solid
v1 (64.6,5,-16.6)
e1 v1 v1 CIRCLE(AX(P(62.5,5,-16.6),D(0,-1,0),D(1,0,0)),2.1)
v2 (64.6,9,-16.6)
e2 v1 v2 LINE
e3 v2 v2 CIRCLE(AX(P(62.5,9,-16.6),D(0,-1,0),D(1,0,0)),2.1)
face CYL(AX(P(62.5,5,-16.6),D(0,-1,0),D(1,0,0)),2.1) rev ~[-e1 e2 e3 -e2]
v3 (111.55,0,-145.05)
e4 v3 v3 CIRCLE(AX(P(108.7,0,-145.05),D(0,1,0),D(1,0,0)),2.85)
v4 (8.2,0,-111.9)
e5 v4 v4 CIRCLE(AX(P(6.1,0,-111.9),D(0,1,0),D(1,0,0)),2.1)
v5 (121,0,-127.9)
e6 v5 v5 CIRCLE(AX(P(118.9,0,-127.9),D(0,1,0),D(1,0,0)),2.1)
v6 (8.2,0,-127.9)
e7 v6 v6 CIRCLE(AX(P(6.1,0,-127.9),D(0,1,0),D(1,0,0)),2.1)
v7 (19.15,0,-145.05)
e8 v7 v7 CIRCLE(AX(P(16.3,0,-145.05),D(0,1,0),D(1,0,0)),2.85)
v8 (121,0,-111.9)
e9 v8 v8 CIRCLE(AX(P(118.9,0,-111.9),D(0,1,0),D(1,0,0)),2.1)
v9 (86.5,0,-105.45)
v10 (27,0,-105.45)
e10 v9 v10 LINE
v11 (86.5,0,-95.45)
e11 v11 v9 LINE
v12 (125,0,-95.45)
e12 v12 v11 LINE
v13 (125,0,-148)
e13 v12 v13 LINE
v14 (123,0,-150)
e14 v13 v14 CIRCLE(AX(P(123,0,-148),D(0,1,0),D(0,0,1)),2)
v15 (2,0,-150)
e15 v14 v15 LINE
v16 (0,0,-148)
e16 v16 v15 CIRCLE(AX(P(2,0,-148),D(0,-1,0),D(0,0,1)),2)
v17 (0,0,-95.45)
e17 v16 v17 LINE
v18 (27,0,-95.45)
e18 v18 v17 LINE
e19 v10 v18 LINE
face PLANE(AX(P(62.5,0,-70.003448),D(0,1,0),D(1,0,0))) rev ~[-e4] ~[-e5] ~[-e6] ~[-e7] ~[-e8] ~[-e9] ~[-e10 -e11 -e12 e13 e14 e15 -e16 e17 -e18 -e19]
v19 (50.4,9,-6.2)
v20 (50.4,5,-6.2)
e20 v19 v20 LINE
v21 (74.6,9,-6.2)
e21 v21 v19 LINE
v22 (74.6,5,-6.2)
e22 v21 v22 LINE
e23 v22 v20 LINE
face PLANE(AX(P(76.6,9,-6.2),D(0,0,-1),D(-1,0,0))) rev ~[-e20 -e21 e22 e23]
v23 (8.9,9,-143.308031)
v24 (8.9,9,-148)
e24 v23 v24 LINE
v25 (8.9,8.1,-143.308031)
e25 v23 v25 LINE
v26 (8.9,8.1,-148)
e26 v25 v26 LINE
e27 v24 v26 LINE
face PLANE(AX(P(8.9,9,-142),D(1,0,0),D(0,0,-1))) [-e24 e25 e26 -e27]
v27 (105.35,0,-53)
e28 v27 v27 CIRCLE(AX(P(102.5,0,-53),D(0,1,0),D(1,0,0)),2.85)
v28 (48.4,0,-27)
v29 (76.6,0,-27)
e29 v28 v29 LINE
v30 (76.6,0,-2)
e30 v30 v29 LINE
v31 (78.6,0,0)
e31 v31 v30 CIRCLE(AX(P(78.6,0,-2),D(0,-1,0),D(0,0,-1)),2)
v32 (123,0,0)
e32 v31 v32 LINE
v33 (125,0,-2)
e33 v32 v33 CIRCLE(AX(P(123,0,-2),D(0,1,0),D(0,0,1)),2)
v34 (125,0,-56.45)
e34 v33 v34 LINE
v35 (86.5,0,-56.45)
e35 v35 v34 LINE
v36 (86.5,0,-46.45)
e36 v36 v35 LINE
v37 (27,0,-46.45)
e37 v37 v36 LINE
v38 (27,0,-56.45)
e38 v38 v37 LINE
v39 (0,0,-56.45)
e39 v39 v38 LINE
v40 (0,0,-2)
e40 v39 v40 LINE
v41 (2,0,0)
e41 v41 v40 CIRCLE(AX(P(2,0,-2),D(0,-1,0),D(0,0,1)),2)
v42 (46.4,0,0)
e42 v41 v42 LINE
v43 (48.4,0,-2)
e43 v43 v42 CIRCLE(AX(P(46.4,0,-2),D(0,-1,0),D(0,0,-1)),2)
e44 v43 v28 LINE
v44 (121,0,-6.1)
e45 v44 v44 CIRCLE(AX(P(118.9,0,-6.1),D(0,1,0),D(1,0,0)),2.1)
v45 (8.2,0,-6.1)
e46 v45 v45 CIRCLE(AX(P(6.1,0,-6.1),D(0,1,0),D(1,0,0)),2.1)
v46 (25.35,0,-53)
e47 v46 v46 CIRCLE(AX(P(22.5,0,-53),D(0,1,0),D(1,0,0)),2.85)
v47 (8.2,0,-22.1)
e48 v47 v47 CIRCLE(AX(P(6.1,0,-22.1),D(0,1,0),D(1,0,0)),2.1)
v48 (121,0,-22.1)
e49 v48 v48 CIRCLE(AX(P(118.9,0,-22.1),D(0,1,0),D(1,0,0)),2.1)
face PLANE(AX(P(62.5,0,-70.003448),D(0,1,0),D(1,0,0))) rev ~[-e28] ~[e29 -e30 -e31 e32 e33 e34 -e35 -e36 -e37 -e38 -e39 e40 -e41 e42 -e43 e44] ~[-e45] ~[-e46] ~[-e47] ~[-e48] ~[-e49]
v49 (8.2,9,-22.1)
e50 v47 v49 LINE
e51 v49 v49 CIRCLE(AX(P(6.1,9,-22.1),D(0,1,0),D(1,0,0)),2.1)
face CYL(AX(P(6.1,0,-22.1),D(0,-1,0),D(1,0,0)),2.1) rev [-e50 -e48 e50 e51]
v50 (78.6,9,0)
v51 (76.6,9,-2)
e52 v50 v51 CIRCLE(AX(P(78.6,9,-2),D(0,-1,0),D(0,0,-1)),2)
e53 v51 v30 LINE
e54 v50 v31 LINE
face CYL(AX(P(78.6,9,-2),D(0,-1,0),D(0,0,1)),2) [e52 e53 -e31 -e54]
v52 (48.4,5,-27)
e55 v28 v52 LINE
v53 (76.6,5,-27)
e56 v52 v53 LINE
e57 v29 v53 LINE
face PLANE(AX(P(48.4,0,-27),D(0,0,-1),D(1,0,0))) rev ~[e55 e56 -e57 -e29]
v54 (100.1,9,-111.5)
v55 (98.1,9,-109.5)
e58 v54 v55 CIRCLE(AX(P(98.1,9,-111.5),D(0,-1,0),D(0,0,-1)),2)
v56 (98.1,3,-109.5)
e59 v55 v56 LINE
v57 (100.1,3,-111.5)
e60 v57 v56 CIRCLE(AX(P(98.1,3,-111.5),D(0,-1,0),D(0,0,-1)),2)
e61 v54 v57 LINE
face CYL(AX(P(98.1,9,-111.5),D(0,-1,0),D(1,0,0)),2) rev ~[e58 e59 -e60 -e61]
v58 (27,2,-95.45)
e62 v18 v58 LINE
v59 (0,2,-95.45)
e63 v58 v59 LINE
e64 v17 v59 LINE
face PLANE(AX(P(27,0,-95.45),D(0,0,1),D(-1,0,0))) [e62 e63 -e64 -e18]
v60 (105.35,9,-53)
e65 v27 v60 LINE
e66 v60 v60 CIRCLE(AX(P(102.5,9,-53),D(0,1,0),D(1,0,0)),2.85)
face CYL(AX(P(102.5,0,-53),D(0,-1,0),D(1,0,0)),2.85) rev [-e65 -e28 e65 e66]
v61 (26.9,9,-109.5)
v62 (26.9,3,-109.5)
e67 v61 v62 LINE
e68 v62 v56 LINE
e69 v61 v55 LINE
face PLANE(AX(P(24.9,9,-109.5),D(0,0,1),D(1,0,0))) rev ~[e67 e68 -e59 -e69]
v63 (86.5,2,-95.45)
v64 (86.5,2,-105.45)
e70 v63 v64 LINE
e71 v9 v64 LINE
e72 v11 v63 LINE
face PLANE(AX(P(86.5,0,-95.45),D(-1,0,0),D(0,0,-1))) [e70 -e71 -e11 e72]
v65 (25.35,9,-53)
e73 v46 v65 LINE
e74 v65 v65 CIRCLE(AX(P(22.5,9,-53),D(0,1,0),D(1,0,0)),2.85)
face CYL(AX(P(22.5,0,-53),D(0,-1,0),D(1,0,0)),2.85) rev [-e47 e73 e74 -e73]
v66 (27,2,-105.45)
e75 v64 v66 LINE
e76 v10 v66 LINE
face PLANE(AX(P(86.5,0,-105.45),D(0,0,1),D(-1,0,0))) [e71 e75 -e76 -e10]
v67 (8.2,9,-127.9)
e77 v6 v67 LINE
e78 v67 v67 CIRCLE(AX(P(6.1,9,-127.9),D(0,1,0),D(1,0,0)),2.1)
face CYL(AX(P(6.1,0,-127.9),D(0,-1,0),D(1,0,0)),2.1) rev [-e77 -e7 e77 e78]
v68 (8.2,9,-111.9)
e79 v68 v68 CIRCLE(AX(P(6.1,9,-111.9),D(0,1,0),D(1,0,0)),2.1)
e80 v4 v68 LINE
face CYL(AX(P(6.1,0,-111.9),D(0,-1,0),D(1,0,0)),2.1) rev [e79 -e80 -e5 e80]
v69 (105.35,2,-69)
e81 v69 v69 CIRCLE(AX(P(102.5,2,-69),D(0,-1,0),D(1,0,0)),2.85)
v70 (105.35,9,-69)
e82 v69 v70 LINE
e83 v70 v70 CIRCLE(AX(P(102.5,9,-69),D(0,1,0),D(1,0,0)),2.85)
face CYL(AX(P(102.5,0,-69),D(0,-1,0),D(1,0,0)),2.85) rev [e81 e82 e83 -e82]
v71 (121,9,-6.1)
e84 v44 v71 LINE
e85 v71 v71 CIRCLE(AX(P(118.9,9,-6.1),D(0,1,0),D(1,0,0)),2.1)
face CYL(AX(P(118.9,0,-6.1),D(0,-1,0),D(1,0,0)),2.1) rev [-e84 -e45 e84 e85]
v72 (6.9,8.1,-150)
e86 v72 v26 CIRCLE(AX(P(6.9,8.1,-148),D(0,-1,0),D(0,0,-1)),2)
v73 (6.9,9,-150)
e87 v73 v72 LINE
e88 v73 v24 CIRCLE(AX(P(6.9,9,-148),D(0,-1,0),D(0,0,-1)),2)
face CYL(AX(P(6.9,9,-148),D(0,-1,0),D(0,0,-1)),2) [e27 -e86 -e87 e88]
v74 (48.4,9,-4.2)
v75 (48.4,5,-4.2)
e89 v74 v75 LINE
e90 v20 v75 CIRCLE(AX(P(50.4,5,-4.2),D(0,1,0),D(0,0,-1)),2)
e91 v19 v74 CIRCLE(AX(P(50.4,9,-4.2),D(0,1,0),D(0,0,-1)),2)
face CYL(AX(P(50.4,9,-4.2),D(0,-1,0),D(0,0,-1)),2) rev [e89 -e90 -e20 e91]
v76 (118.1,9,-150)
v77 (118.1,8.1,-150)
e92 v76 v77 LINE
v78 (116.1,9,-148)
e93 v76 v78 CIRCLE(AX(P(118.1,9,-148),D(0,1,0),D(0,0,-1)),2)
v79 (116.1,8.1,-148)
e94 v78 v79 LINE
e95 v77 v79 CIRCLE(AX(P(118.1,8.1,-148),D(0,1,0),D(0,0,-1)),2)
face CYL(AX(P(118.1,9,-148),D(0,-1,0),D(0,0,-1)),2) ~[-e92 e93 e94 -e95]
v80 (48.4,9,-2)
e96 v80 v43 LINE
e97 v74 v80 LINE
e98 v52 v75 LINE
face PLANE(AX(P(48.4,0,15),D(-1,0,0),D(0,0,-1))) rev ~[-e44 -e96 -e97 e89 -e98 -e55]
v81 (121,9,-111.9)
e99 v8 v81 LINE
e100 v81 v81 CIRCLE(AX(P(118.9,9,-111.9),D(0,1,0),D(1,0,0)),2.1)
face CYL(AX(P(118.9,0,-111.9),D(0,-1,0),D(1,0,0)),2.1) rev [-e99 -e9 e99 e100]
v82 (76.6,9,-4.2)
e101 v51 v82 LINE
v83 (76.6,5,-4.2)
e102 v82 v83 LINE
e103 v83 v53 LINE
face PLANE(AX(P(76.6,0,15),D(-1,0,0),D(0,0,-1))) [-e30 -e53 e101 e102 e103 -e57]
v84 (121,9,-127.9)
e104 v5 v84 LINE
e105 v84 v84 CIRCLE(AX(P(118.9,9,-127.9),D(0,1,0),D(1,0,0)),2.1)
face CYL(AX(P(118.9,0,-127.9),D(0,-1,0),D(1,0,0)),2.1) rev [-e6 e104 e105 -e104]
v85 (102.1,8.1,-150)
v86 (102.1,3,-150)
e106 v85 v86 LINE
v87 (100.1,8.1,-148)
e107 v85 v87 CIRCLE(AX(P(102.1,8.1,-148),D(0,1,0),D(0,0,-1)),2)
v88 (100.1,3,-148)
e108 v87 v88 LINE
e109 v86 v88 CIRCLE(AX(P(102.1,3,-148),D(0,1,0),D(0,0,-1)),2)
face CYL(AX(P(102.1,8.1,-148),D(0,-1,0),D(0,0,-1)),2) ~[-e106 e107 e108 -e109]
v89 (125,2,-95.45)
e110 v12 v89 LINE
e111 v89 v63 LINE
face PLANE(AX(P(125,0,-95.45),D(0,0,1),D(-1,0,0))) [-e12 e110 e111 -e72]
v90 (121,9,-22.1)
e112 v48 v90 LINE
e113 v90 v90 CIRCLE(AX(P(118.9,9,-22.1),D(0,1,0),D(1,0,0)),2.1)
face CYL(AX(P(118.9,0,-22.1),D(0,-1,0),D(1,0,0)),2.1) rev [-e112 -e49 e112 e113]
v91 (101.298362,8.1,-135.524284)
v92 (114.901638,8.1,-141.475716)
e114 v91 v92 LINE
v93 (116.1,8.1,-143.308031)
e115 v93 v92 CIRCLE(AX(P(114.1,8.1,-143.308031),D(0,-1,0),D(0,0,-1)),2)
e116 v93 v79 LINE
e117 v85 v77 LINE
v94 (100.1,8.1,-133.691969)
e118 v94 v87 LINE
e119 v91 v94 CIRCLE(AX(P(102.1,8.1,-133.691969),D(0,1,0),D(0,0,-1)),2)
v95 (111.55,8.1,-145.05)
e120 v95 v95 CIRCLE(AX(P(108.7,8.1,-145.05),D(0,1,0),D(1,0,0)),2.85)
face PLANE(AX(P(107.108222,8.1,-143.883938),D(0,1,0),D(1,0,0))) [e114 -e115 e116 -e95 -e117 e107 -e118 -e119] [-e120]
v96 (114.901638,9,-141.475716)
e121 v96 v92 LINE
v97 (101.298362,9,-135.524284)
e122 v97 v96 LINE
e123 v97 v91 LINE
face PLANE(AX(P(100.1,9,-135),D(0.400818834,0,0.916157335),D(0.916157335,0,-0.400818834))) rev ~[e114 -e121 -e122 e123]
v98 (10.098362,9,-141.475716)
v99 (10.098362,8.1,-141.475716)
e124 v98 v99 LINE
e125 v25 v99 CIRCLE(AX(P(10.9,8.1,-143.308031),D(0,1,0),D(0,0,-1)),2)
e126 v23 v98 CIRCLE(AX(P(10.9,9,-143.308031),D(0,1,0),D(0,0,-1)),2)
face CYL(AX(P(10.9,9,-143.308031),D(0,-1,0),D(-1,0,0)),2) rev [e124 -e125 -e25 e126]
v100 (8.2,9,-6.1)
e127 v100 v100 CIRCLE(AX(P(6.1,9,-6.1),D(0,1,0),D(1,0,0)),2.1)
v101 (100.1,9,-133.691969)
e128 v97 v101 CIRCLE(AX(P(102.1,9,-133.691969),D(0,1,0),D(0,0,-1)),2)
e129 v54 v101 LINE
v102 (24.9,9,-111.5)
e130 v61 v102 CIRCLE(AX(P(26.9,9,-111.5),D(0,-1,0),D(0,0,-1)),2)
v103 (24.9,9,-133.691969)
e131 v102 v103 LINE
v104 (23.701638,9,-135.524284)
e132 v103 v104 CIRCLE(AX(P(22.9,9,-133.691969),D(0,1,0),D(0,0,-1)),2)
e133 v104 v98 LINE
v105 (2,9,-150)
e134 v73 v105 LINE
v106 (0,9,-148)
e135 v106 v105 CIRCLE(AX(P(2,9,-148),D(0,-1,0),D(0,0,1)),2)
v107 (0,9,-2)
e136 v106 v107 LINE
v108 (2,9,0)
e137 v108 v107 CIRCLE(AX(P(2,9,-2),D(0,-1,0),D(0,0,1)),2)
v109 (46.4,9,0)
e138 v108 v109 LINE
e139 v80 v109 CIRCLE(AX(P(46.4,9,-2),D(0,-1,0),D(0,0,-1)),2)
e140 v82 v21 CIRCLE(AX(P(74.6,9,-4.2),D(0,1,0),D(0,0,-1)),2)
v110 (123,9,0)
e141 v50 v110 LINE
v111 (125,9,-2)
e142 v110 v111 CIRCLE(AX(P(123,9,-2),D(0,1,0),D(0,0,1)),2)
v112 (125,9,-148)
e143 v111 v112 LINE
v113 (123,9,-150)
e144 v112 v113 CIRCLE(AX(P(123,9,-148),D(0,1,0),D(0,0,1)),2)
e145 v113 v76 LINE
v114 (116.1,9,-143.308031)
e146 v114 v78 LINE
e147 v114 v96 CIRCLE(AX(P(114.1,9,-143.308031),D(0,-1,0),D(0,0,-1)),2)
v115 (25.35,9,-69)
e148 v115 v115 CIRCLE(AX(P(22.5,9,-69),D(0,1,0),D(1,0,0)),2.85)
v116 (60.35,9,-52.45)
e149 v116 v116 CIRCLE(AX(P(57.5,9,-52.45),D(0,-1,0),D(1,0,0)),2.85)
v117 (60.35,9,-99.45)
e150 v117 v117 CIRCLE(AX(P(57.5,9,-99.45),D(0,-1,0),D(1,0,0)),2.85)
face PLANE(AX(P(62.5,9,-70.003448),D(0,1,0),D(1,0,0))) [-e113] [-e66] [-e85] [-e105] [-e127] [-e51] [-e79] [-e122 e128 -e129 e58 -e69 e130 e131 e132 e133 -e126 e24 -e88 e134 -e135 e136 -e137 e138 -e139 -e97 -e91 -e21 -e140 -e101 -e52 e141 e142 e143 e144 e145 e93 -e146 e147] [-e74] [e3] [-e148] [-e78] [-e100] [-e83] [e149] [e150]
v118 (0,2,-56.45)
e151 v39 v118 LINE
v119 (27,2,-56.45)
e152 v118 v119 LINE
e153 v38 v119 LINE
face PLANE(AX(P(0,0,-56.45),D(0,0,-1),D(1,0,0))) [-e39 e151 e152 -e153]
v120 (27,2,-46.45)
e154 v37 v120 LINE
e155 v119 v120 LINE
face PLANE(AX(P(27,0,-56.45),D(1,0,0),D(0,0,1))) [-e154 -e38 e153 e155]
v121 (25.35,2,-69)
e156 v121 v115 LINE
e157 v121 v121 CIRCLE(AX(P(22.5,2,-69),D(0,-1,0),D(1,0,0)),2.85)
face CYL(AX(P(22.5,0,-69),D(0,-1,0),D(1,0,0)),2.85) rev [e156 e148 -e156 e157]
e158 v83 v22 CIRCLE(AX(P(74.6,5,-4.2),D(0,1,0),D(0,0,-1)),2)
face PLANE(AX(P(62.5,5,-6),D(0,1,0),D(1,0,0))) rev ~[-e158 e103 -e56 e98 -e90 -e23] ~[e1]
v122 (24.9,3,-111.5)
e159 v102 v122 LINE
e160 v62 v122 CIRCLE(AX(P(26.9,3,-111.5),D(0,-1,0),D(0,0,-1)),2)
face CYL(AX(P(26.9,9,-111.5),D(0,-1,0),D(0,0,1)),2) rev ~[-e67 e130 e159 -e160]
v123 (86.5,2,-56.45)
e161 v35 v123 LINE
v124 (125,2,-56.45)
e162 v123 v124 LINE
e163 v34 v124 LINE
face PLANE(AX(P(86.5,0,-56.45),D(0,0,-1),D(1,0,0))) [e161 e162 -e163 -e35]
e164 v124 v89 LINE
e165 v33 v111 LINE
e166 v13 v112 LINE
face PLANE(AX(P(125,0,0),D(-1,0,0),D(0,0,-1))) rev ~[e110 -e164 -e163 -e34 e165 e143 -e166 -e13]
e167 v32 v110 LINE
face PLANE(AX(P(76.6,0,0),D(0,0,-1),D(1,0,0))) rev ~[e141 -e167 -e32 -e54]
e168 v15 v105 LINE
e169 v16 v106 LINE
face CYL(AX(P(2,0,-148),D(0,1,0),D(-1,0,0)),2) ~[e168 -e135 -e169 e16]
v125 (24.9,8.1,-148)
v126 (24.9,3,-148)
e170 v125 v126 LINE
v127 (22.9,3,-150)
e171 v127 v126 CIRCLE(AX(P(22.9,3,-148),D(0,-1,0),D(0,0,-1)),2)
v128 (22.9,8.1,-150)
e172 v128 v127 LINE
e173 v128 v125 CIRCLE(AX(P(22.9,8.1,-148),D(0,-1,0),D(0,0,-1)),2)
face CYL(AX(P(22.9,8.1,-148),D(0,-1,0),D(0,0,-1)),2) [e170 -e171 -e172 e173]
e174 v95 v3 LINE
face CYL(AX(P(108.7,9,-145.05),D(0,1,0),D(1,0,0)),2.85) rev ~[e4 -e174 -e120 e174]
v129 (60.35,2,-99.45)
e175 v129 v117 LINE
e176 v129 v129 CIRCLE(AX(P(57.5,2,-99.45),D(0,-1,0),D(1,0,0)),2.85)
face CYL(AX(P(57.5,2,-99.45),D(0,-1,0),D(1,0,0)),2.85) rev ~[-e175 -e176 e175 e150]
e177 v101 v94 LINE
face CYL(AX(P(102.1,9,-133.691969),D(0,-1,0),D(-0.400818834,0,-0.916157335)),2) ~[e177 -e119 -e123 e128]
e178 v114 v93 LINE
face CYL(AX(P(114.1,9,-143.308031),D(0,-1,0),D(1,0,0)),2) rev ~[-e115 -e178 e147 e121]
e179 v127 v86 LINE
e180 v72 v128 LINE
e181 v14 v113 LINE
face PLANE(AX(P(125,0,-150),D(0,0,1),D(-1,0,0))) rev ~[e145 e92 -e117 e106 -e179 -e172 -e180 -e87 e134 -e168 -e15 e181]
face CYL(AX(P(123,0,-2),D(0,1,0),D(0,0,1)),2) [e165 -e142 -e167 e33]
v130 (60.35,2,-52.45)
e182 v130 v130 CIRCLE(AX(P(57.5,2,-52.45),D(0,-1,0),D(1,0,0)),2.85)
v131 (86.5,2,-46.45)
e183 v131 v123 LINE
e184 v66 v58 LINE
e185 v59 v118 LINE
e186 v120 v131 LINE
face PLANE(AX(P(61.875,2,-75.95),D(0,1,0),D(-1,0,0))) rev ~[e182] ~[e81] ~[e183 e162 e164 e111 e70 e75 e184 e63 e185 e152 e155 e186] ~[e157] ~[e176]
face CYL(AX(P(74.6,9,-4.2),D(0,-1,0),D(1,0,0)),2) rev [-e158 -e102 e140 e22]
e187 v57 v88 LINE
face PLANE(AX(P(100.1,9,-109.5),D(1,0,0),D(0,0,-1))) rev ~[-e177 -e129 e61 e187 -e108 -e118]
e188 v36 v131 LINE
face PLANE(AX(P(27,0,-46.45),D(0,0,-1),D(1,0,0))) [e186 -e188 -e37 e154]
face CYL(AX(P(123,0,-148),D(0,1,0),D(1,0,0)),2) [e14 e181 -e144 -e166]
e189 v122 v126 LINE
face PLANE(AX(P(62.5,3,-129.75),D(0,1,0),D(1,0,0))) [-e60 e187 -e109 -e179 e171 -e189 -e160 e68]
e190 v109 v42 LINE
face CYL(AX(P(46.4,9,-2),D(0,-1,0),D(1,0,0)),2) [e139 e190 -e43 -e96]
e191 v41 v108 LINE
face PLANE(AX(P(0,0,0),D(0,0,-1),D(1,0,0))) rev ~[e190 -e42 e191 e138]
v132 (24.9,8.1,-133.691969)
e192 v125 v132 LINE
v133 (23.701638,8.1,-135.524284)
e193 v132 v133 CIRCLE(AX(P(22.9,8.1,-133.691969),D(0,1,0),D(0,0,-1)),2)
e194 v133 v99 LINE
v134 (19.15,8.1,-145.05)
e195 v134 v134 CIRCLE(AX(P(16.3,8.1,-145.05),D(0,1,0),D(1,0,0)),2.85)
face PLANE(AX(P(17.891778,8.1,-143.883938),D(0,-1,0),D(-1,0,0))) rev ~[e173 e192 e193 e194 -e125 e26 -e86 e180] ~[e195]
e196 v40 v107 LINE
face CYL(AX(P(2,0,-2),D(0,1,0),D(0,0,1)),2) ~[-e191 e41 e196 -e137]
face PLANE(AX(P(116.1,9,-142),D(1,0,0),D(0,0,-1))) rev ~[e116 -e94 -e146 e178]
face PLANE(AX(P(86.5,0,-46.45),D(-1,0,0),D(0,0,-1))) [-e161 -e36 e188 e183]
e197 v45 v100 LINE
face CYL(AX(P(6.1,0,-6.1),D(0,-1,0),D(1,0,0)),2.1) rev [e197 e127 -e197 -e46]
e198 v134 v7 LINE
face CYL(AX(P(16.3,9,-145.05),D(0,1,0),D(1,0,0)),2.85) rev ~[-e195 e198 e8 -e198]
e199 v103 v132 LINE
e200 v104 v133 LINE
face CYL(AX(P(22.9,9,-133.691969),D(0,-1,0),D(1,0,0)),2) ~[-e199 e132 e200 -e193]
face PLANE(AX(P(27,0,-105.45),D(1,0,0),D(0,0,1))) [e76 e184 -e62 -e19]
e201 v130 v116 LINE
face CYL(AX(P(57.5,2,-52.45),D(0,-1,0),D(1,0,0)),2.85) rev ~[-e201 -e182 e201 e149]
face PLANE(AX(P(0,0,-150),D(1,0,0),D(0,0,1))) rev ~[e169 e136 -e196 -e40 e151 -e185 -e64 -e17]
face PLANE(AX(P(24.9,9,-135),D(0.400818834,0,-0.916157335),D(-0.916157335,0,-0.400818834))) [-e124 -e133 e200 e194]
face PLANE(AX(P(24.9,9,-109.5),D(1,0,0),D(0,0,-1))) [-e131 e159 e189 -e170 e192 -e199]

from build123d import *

# Parameters (mm, degrees)
SKETCH1_R           = 2.1
SKETCH1_R_2         = 2.85
BOSS_EXTRUDE1_DEPTH = 9
CUT_EXTRUDE1_DEPTH  = 4
SKETCH10_W          = 28.2
SKETCH10_H          = 42
CUT_EXTRUDE8_DEPTH  = 5
SKETCH11_R          = 2.1
CUT_EXTRUDE9_DEPTH  = 5
CUT_EXTRUDE2_DEPTH  = 2
SKETCH5_R           = 2.85
CUT_EXTRUDE3_DEPTH  = 8
SKETCH7_W           = 75.2
SKETCH7_H           = 40.5
CUT_EXTRUDE5_DEPTH  = 6
SKETCH12_R          = 2.85
CUT_EXTRUDE10_DEPTH = 10
CUT_EXTRUDE11_DEPTH = 0.9
FILLET1_R           = 2
FILLET2_R           = 2
FILLET3_R           = 2


with BuildPart() as part:
    # Sketch1 → Boss-Extrude1 (new body)
    with BuildSketch(Plane(origin=(0, 0, 0), x_dir=(1, 0, 0), z_dir=(0, 1, 0))):
        Polygon((76.6, 0), (125, 0), (125, 150), (0, 150), (0, 0), (48.4, 0), (48.4, -15), (76.6, -15), align=None)
        with Locations((6.1, 127.9)):
            Circle(SKETCH1_R, mode=Mode.SUBTRACT)
        with Locations((6.1, 111.9)):
            Circle(SKETCH1_R, mode=Mode.SUBTRACT)
        with Locations((118.9, 127.9)):
            Circle(SKETCH1_R, mode=Mode.SUBTRACT)
        with Locations((118.9, 111.9)):
            Circle(SKETCH1_R, mode=Mode.SUBTRACT)
        with Locations((118.9, 22.1)):
            Circle(SKETCH1_R, mode=Mode.SUBTRACT)
        with Locations((118.9, 6.1)):
            Circle(SKETCH1_R, mode=Mode.SUBTRACT)
        with Locations((6.1, 6.1)):
            Circle(SKETCH1_R, mode=Mode.SUBTRACT)
        with Locations((6.1, 22.1)):
            Circle(SKETCH1_R, mode=Mode.SUBTRACT)
        with Locations((54.5, -8.9)):
            Circle(SKETCH1_R, mode=Mode.SUBTRACT)
        with Locations((70.5, -8.9)):
            Circle(SKETCH1_R, mode=Mode.SUBTRACT)
        with Locations((62.5, -0.9)):
            Circle(SKETCH1_R, mode=Mode.SUBTRACT)
        with Locations((102.5, 53)):
            Circle(SKETCH1_R_2, mode=Mode.SUBTRACT)
        with Locations((22.5, 69)):
            Circle(SKETCH1_R_2, mode=Mode.SUBTRACT)
        with Locations((102.5, 69)):
            Circle(SKETCH1_R_2, mode=Mode.SUBTRACT)
        with Locations((22.5, 53)):
            Circle(SKETCH1_R_2, mode=Mode.SUBTRACT)
    extrude(amount=BOSS_EXTRUDE1_DEPTH)

    # Sketch2 → Cut-Extrude1 (cut)
    with BuildSketch(Plane(origin=(0, 9, 0), x_dir=(1, 0, 0), z_dir=(0, 1, 0))):
        Polygon((76.6, -15), (76.6, 0), (76.6, 6.2), (48.4, 6.2), (48.4, 0), (48.4, -15), align=None)
    extrude(amount=-CUT_EXTRUDE1_DEPTH, mode=Mode.SUBTRACT)

    # Sketch10 → Cut-Extrude8 (cut)
    with BuildSketch(Plane(origin=(0, 0, 0), x_dir=(1, 0, 0), z_dir=(0, 1, 0))):
        with Locations((62.5, 6)):
            Rectangle(SKETCH10_W, SKETCH10_H)
    extrude(amount=CUT_EXTRUDE8_DEPTH, mode=Mode.SUBTRACT)

    # Sketch11 → Cut-Extrude9 (cut, through all)
    with BuildSketch(Plane.XZ.offset(-5)):
        with Locations((62.5, -16.6)):
            Circle(SKETCH11_R)
    extrude(amount=-CUT_EXTRUDE9_DEPTH, mode=Mode.SUBTRACT)

    # Sketch3 → Cut-Extrude2 (cut)
    with BuildSketch(Plane.XZ):
        Polygon((0, -56.45), (27, -56.45), (27, -46.45), (86.5, -46.45), (86.5, -56.45), (125, -56.45), (125, -95.45), (86.5, -95.45), (86.5, -105.45), (27, -105.45), (27, -95.45), (0, -95.45), align=None)
    extrude(amount=-CUT_EXTRUDE2_DEPTH, mode=Mode.SUBTRACT)

    # Sketch5 → Cut-Extrude3 (cut, through all)
    with BuildSketch(Plane.XZ.offset(-2)):
        with Locations((57.5, -52.45)):
            Circle(SKETCH5_R)
        with Locations((57.5, -99.45)):
            Circle(SKETCH5_R)
    extrude(amount=-CUT_EXTRUDE3_DEPTH, mode=Mode.SUBTRACT)

    # Sketch7 → Cut-Extrude5 (cut)
    with BuildSketch(Plane(origin=(0, 9, 0), x_dir=(1, 0, 0), z_dir=(0, 1, 0))):
        with Locations((62.5, 129.75)):
            Rectangle(SKETCH7_W, SKETCH7_H)
    extrude(amount=-CUT_EXTRUDE5_DEPTH, mode=Mode.SUBTRACT)

    # Sketch12 → Cut-Extrude10 (cut, through all)
    with BuildSketch(Plane(origin=(0, 9, 0), x_dir=(1, 0, 0), z_dir=(0, 1, 0))):
        with Locations((16.3, 145.05)):
            Circle(SKETCH12_R)
        with Locations((108.7, 145.05)):
            Circle(SKETCH12_R)
    extrude(amount=-CUT_EXTRUDE10_DEPTH, mode=Mode.SUBTRACT)

    # Sketch13 → Cut-Extrude11 (cut)
    with BuildSketch(Plane(origin=(0, 9, 0), x_dir=(1, 0, 0), z_dir=(0, 1, 0))):
        Polygon((24.9, 135), (8.9, 142), (8.9, 150), (24.9, 150), align=None)
        Polygon((100.1, 150), (100.1, 135), (116.1, 142), (116.1, 150), align=None)
    extrude(amount=-CUT_EXTRUDE11_DEPTH, mode=Mode.SUBTRACT)

    # Fillet1
    fillet1_edges = [part.edges().sort_by_distance(p)[0] for p in [
        (0, 4.5, -150),
        (125, 4.5, -150),
        (125, 4.5, 0),
        (0, 4.5, 0),
        (76.6, 7, -6.2),
        (48.4, 7, -6.2),
    ]]
    fillet(fillet1_edges, radius=FILLET1_R)

    # Fillet2
    fillet2_edges = [part.edges().sort_by_distance(p)[0] for p in [
        (76.6, 4.5, 0),
        (48.4, 4.5, 0),
    ]]
    fillet(fillet2_edges, radius=FILLET2_R)

    # Fillet3
    fillet3_edges = [part.edges().sort_by_distance(p)[0] for p in [
        (24.9, 6, -109.5),
        (24.9, 5.55, -150),
        (100.1, 5.55, -150),
        (100.1, 6, -109.5),
        (8.9, 8.55, -150),
        (8.9, 8.55, -142),
        (24.9, 8.55, -135),
        (100.1, 8.55, -135),
        (116.1, 8.55, -142),
        (116.1, 8.55, -150),
    ]]
    fillet(fillet3_edges, radius=FILLET3_R)


solid = part.part
